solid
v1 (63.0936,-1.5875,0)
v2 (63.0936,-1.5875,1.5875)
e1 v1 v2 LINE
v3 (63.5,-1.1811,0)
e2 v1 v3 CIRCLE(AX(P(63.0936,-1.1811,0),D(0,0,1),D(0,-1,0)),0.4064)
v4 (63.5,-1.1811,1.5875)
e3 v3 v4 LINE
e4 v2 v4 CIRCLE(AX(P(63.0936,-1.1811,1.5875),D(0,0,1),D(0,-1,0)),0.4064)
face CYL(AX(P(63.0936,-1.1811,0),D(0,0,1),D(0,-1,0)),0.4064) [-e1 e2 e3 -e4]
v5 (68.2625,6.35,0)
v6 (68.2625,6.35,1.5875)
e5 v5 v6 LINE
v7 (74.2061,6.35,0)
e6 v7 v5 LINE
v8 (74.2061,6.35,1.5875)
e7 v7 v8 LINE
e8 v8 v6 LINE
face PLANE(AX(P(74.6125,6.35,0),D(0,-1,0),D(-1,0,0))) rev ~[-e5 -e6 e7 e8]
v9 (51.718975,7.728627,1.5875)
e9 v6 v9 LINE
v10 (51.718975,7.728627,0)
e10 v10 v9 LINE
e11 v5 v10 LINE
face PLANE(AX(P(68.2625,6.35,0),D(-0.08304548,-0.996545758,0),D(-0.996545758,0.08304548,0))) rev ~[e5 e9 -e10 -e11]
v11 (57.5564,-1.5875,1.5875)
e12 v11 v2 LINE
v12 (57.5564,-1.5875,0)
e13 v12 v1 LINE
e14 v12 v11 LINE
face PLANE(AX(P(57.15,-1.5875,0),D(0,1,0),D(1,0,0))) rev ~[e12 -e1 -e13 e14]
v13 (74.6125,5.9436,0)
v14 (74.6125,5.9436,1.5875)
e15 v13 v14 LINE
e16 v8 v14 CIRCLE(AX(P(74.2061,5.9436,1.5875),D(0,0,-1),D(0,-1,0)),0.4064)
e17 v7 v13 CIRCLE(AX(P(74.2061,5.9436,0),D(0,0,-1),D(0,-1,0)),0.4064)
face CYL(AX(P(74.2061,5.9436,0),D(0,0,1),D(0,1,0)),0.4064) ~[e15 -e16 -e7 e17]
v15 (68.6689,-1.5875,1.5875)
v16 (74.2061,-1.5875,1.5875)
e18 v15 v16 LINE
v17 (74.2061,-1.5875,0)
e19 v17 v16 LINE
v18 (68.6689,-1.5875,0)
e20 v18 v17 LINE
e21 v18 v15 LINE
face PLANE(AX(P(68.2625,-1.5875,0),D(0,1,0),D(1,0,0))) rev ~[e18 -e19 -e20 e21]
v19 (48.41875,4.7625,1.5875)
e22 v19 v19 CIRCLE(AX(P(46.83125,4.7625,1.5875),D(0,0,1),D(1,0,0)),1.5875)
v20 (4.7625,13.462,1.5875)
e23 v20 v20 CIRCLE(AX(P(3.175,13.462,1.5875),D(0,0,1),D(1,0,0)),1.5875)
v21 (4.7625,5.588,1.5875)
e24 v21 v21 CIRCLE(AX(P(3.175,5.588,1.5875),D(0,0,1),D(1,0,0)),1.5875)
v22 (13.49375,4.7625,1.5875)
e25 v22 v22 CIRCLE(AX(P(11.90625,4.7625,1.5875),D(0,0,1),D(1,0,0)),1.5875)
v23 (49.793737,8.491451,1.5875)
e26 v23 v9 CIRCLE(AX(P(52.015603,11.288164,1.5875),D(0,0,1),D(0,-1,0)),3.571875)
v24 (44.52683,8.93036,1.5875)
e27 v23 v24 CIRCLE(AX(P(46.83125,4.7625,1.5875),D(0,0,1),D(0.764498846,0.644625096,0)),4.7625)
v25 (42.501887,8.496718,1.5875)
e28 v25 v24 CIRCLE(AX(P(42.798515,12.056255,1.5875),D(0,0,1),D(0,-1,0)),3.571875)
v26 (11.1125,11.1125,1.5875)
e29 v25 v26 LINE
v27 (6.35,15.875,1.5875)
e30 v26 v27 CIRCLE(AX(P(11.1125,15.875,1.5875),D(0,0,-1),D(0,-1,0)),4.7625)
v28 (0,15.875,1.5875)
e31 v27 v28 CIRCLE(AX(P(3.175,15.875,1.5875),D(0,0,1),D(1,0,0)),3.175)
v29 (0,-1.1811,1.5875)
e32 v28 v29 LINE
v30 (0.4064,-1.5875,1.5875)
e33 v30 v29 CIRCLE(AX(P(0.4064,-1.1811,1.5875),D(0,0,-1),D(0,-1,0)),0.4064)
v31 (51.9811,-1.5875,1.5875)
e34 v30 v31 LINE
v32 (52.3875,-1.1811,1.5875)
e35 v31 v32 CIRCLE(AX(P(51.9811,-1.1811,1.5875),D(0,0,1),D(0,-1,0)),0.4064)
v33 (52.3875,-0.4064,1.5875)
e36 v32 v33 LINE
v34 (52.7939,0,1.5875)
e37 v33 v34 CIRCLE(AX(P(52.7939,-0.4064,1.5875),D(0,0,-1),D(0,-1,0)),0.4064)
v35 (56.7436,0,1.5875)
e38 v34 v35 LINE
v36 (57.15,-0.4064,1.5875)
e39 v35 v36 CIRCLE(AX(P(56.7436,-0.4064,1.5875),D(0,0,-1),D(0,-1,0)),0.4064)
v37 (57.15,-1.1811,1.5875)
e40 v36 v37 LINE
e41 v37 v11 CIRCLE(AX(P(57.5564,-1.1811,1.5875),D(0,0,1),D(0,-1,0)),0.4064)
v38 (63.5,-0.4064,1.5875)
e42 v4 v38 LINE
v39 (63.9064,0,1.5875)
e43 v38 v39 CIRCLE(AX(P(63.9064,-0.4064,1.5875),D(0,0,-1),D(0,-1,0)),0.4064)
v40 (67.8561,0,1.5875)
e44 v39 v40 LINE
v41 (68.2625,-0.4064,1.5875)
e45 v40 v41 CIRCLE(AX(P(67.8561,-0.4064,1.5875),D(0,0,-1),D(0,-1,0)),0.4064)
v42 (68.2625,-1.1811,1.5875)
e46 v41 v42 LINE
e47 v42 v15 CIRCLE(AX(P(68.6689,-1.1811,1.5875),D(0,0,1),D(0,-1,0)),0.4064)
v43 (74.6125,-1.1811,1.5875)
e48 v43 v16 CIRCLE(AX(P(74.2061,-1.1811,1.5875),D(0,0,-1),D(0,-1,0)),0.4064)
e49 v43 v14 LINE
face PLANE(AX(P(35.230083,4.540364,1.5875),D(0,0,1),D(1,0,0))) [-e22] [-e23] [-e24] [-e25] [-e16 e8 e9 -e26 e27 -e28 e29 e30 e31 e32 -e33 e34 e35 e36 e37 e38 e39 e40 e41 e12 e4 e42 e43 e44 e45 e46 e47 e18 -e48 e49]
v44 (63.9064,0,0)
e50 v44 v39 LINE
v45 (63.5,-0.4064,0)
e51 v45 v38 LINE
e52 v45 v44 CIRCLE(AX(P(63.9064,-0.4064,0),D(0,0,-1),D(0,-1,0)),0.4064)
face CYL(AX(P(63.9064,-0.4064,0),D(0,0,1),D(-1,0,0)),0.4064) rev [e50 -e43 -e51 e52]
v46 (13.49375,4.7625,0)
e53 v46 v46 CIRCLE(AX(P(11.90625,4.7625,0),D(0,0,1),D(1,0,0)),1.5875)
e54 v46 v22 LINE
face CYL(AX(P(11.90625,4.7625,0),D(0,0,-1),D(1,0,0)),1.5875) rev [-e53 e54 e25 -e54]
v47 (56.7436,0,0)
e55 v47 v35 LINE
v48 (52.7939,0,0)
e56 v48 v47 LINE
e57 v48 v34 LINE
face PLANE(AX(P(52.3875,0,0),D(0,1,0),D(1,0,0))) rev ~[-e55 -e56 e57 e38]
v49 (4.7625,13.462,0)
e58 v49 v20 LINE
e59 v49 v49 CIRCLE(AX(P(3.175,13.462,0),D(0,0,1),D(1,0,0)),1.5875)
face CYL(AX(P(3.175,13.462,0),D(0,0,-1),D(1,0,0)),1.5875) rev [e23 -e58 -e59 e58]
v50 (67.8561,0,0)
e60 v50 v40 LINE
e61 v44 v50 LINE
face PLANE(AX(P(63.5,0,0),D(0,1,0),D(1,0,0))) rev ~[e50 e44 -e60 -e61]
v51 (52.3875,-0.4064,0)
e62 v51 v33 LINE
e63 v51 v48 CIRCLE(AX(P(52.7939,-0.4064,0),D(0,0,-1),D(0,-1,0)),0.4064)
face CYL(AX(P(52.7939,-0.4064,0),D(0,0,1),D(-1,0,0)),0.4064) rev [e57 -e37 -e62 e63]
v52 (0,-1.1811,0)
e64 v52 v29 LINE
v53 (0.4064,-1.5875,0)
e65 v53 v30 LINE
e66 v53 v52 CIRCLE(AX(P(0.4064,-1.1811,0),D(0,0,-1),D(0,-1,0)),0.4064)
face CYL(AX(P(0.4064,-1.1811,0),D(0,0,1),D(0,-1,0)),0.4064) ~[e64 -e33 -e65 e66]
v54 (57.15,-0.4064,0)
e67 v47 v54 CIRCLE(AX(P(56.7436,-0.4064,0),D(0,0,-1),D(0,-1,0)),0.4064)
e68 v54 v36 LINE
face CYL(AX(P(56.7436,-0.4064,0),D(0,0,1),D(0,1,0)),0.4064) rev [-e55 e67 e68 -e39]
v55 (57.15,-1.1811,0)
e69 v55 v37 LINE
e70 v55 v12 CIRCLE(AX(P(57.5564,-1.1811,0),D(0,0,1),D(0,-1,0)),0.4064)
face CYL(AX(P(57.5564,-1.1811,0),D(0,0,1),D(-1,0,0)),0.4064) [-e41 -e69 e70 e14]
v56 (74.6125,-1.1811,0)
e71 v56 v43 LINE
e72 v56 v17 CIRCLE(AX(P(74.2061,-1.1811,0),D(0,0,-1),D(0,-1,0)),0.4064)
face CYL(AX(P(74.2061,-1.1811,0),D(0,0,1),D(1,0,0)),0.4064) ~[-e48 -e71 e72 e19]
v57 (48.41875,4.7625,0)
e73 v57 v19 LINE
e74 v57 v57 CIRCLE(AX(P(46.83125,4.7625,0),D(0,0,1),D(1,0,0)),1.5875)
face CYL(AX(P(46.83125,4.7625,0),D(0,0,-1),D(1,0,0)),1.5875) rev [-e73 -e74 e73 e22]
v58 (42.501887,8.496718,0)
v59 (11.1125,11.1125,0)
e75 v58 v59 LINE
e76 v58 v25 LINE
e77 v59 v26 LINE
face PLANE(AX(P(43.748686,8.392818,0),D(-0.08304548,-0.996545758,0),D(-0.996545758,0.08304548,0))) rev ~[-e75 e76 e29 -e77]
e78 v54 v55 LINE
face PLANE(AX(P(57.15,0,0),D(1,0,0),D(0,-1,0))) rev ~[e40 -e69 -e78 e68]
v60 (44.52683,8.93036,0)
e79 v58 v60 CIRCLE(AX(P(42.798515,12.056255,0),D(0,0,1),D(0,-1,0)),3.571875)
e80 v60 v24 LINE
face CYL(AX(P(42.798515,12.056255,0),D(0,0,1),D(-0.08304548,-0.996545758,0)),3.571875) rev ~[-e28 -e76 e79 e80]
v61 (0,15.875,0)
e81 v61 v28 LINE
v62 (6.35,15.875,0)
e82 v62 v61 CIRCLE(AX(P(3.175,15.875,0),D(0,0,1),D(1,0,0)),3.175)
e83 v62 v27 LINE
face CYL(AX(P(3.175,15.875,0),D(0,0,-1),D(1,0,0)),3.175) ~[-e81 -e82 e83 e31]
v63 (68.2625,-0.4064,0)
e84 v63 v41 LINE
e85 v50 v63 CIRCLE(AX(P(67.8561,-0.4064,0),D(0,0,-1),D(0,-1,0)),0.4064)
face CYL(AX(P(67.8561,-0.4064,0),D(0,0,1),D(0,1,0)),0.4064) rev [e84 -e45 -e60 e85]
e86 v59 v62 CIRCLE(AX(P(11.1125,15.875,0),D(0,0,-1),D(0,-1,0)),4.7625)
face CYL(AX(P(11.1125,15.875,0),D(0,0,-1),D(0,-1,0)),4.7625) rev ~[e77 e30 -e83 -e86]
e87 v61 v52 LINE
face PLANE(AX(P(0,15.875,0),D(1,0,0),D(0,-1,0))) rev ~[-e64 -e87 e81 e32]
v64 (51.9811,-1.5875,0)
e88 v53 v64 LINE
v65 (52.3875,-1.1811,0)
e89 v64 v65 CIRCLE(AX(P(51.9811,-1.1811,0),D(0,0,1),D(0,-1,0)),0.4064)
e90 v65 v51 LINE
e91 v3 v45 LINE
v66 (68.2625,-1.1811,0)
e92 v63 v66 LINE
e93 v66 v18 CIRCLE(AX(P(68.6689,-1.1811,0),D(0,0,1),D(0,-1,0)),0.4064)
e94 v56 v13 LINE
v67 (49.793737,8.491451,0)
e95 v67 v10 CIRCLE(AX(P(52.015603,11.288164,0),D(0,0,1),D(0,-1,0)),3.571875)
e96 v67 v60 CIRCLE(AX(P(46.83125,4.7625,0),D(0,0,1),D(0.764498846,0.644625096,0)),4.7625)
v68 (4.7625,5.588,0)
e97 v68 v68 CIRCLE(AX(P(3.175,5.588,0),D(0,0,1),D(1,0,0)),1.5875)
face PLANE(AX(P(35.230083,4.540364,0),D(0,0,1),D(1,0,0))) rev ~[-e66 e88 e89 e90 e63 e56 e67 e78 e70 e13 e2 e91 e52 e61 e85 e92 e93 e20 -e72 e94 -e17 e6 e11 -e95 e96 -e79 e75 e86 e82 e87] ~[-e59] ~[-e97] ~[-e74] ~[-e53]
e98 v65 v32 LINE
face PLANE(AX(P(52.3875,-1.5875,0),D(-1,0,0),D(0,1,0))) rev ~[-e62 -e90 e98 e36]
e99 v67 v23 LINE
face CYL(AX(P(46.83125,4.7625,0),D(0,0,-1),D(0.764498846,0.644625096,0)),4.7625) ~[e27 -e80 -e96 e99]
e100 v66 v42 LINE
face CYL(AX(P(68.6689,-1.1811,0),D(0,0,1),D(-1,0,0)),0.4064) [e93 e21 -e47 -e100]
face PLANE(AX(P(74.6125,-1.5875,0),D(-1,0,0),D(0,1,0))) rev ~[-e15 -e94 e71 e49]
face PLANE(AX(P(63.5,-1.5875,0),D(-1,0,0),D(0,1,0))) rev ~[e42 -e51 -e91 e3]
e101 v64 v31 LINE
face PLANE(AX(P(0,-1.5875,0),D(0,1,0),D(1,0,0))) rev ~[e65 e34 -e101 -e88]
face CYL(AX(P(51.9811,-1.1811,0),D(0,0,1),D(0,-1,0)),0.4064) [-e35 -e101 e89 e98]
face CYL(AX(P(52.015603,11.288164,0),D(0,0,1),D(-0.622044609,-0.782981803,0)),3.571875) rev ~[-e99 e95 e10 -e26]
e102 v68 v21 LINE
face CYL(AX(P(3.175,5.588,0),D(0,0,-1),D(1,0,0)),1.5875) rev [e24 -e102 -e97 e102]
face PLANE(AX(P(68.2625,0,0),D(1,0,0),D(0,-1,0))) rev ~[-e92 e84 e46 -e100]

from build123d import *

# Parameters (mm, degrees)
SKETCH1_R           = 1.5875
BOSS_EXTRUDE1_DEPTH = 1.5875
FILLET1_R           = 0.4064
FILLET2_R           = 3.571875


with BuildPart() as part:
    # Sketch1 → Boss-Extrude1 (new body)
    with BuildSketch(Plane.XY):
        with BuildLine():
            Line((0, -1.5875), (52.3875, -1.5875))
            Line((52.3875, -1.5875), (52.3875, 0))
            Line((52.3875, 0), (57.15, 0))
            Line((57.15, 0), (57.15, -1.5875))
            Line((57.15, -1.5875), (63.5, -1.5875))
            Line((63.5, -1.5875), (63.5, 0))
            Line((63.5, 0), (68.2625, 0))
            Line((68.2625, 0), (68.2625, -1.5875))
            Line((68.2625, -1.5875), (74.6125, -1.5875))
            Line((74.6125, -1.5875), (74.6125, 6.35))
            Line((74.6125, 6.35), (68.2625, 6.35))
            Line((68.2625, 6.35), (50.472175754, 7.832527021))
            ThreePointArc((50.472175754, 7.832527021), (47.226754098, 9.508549174), (43.748686315, 8.392817807))
            Line((43.748686315, 8.392817807), (11.1125, 11.1125))
            ThreePointArc((11.1125, 11.1125), (7.744903955, 12.507403955), (6.35, 15.875))
            ThreePointArc((6.35, 15.875), (3.175, 19.05), (0, 15.875))
            Line((0, 15.875), (0, -1.5875))
        make_face()
        with Locations((3.175, 5.588)):
            Circle(SKETCH1_R, mode=Mode.SUBTRACT)
        with Locations((3.175, 13.462)):
            Circle(SKETCH1_R, mode=Mode.SUBTRACT)
        with Locations((11.90625, 4.7625)):
            Circle(SKETCH1_R, mode=Mode.SUBTRACT)
        with Locations((46.83125, 4.7625)):
            Circle(SKETCH1_R, mode=Mode.SUBTRACT)
    extrude(amount=BOSS_EXTRUDE1_DEPTH)

    # Fillet1
    fillet1_edges = [part.edges().sort_by_distance(p)[0] for p in [
        (68.2625, 6.35, 0.79375),
        (74.6125, 6.35, 0.79375),
        (74.6125, -1.5875, 0.79375),
        (68.2625, -1.5875, 0.79375),
        (68.2625, 0, 0.79375),
        (63.5, 0, 0.79375),
        (63.5, -1.5875, 0.79375),
        (57.15, -1.5875, 0.79375),
        (57.15, 0, 0.79375),
        (52.3875, 0, 0.79375),
        (52.3875, -1.5875, 0.79375),
        (0, -1.5875, 0.79375),
    ]]
    fillet(fillet1_edges, radius=FILLET1_R)

    # Fillet2
    fillet2_edges = [part.edges().sort_by_distance(p)[0] for p in [
        (43.748686315, 8.392817807, 0.79375),
        (50.472175754, 7.832527021, 0.79375),
    ]]
    fillet(fillet2_edges, radius=FILLET2_R)


solid = part.part
